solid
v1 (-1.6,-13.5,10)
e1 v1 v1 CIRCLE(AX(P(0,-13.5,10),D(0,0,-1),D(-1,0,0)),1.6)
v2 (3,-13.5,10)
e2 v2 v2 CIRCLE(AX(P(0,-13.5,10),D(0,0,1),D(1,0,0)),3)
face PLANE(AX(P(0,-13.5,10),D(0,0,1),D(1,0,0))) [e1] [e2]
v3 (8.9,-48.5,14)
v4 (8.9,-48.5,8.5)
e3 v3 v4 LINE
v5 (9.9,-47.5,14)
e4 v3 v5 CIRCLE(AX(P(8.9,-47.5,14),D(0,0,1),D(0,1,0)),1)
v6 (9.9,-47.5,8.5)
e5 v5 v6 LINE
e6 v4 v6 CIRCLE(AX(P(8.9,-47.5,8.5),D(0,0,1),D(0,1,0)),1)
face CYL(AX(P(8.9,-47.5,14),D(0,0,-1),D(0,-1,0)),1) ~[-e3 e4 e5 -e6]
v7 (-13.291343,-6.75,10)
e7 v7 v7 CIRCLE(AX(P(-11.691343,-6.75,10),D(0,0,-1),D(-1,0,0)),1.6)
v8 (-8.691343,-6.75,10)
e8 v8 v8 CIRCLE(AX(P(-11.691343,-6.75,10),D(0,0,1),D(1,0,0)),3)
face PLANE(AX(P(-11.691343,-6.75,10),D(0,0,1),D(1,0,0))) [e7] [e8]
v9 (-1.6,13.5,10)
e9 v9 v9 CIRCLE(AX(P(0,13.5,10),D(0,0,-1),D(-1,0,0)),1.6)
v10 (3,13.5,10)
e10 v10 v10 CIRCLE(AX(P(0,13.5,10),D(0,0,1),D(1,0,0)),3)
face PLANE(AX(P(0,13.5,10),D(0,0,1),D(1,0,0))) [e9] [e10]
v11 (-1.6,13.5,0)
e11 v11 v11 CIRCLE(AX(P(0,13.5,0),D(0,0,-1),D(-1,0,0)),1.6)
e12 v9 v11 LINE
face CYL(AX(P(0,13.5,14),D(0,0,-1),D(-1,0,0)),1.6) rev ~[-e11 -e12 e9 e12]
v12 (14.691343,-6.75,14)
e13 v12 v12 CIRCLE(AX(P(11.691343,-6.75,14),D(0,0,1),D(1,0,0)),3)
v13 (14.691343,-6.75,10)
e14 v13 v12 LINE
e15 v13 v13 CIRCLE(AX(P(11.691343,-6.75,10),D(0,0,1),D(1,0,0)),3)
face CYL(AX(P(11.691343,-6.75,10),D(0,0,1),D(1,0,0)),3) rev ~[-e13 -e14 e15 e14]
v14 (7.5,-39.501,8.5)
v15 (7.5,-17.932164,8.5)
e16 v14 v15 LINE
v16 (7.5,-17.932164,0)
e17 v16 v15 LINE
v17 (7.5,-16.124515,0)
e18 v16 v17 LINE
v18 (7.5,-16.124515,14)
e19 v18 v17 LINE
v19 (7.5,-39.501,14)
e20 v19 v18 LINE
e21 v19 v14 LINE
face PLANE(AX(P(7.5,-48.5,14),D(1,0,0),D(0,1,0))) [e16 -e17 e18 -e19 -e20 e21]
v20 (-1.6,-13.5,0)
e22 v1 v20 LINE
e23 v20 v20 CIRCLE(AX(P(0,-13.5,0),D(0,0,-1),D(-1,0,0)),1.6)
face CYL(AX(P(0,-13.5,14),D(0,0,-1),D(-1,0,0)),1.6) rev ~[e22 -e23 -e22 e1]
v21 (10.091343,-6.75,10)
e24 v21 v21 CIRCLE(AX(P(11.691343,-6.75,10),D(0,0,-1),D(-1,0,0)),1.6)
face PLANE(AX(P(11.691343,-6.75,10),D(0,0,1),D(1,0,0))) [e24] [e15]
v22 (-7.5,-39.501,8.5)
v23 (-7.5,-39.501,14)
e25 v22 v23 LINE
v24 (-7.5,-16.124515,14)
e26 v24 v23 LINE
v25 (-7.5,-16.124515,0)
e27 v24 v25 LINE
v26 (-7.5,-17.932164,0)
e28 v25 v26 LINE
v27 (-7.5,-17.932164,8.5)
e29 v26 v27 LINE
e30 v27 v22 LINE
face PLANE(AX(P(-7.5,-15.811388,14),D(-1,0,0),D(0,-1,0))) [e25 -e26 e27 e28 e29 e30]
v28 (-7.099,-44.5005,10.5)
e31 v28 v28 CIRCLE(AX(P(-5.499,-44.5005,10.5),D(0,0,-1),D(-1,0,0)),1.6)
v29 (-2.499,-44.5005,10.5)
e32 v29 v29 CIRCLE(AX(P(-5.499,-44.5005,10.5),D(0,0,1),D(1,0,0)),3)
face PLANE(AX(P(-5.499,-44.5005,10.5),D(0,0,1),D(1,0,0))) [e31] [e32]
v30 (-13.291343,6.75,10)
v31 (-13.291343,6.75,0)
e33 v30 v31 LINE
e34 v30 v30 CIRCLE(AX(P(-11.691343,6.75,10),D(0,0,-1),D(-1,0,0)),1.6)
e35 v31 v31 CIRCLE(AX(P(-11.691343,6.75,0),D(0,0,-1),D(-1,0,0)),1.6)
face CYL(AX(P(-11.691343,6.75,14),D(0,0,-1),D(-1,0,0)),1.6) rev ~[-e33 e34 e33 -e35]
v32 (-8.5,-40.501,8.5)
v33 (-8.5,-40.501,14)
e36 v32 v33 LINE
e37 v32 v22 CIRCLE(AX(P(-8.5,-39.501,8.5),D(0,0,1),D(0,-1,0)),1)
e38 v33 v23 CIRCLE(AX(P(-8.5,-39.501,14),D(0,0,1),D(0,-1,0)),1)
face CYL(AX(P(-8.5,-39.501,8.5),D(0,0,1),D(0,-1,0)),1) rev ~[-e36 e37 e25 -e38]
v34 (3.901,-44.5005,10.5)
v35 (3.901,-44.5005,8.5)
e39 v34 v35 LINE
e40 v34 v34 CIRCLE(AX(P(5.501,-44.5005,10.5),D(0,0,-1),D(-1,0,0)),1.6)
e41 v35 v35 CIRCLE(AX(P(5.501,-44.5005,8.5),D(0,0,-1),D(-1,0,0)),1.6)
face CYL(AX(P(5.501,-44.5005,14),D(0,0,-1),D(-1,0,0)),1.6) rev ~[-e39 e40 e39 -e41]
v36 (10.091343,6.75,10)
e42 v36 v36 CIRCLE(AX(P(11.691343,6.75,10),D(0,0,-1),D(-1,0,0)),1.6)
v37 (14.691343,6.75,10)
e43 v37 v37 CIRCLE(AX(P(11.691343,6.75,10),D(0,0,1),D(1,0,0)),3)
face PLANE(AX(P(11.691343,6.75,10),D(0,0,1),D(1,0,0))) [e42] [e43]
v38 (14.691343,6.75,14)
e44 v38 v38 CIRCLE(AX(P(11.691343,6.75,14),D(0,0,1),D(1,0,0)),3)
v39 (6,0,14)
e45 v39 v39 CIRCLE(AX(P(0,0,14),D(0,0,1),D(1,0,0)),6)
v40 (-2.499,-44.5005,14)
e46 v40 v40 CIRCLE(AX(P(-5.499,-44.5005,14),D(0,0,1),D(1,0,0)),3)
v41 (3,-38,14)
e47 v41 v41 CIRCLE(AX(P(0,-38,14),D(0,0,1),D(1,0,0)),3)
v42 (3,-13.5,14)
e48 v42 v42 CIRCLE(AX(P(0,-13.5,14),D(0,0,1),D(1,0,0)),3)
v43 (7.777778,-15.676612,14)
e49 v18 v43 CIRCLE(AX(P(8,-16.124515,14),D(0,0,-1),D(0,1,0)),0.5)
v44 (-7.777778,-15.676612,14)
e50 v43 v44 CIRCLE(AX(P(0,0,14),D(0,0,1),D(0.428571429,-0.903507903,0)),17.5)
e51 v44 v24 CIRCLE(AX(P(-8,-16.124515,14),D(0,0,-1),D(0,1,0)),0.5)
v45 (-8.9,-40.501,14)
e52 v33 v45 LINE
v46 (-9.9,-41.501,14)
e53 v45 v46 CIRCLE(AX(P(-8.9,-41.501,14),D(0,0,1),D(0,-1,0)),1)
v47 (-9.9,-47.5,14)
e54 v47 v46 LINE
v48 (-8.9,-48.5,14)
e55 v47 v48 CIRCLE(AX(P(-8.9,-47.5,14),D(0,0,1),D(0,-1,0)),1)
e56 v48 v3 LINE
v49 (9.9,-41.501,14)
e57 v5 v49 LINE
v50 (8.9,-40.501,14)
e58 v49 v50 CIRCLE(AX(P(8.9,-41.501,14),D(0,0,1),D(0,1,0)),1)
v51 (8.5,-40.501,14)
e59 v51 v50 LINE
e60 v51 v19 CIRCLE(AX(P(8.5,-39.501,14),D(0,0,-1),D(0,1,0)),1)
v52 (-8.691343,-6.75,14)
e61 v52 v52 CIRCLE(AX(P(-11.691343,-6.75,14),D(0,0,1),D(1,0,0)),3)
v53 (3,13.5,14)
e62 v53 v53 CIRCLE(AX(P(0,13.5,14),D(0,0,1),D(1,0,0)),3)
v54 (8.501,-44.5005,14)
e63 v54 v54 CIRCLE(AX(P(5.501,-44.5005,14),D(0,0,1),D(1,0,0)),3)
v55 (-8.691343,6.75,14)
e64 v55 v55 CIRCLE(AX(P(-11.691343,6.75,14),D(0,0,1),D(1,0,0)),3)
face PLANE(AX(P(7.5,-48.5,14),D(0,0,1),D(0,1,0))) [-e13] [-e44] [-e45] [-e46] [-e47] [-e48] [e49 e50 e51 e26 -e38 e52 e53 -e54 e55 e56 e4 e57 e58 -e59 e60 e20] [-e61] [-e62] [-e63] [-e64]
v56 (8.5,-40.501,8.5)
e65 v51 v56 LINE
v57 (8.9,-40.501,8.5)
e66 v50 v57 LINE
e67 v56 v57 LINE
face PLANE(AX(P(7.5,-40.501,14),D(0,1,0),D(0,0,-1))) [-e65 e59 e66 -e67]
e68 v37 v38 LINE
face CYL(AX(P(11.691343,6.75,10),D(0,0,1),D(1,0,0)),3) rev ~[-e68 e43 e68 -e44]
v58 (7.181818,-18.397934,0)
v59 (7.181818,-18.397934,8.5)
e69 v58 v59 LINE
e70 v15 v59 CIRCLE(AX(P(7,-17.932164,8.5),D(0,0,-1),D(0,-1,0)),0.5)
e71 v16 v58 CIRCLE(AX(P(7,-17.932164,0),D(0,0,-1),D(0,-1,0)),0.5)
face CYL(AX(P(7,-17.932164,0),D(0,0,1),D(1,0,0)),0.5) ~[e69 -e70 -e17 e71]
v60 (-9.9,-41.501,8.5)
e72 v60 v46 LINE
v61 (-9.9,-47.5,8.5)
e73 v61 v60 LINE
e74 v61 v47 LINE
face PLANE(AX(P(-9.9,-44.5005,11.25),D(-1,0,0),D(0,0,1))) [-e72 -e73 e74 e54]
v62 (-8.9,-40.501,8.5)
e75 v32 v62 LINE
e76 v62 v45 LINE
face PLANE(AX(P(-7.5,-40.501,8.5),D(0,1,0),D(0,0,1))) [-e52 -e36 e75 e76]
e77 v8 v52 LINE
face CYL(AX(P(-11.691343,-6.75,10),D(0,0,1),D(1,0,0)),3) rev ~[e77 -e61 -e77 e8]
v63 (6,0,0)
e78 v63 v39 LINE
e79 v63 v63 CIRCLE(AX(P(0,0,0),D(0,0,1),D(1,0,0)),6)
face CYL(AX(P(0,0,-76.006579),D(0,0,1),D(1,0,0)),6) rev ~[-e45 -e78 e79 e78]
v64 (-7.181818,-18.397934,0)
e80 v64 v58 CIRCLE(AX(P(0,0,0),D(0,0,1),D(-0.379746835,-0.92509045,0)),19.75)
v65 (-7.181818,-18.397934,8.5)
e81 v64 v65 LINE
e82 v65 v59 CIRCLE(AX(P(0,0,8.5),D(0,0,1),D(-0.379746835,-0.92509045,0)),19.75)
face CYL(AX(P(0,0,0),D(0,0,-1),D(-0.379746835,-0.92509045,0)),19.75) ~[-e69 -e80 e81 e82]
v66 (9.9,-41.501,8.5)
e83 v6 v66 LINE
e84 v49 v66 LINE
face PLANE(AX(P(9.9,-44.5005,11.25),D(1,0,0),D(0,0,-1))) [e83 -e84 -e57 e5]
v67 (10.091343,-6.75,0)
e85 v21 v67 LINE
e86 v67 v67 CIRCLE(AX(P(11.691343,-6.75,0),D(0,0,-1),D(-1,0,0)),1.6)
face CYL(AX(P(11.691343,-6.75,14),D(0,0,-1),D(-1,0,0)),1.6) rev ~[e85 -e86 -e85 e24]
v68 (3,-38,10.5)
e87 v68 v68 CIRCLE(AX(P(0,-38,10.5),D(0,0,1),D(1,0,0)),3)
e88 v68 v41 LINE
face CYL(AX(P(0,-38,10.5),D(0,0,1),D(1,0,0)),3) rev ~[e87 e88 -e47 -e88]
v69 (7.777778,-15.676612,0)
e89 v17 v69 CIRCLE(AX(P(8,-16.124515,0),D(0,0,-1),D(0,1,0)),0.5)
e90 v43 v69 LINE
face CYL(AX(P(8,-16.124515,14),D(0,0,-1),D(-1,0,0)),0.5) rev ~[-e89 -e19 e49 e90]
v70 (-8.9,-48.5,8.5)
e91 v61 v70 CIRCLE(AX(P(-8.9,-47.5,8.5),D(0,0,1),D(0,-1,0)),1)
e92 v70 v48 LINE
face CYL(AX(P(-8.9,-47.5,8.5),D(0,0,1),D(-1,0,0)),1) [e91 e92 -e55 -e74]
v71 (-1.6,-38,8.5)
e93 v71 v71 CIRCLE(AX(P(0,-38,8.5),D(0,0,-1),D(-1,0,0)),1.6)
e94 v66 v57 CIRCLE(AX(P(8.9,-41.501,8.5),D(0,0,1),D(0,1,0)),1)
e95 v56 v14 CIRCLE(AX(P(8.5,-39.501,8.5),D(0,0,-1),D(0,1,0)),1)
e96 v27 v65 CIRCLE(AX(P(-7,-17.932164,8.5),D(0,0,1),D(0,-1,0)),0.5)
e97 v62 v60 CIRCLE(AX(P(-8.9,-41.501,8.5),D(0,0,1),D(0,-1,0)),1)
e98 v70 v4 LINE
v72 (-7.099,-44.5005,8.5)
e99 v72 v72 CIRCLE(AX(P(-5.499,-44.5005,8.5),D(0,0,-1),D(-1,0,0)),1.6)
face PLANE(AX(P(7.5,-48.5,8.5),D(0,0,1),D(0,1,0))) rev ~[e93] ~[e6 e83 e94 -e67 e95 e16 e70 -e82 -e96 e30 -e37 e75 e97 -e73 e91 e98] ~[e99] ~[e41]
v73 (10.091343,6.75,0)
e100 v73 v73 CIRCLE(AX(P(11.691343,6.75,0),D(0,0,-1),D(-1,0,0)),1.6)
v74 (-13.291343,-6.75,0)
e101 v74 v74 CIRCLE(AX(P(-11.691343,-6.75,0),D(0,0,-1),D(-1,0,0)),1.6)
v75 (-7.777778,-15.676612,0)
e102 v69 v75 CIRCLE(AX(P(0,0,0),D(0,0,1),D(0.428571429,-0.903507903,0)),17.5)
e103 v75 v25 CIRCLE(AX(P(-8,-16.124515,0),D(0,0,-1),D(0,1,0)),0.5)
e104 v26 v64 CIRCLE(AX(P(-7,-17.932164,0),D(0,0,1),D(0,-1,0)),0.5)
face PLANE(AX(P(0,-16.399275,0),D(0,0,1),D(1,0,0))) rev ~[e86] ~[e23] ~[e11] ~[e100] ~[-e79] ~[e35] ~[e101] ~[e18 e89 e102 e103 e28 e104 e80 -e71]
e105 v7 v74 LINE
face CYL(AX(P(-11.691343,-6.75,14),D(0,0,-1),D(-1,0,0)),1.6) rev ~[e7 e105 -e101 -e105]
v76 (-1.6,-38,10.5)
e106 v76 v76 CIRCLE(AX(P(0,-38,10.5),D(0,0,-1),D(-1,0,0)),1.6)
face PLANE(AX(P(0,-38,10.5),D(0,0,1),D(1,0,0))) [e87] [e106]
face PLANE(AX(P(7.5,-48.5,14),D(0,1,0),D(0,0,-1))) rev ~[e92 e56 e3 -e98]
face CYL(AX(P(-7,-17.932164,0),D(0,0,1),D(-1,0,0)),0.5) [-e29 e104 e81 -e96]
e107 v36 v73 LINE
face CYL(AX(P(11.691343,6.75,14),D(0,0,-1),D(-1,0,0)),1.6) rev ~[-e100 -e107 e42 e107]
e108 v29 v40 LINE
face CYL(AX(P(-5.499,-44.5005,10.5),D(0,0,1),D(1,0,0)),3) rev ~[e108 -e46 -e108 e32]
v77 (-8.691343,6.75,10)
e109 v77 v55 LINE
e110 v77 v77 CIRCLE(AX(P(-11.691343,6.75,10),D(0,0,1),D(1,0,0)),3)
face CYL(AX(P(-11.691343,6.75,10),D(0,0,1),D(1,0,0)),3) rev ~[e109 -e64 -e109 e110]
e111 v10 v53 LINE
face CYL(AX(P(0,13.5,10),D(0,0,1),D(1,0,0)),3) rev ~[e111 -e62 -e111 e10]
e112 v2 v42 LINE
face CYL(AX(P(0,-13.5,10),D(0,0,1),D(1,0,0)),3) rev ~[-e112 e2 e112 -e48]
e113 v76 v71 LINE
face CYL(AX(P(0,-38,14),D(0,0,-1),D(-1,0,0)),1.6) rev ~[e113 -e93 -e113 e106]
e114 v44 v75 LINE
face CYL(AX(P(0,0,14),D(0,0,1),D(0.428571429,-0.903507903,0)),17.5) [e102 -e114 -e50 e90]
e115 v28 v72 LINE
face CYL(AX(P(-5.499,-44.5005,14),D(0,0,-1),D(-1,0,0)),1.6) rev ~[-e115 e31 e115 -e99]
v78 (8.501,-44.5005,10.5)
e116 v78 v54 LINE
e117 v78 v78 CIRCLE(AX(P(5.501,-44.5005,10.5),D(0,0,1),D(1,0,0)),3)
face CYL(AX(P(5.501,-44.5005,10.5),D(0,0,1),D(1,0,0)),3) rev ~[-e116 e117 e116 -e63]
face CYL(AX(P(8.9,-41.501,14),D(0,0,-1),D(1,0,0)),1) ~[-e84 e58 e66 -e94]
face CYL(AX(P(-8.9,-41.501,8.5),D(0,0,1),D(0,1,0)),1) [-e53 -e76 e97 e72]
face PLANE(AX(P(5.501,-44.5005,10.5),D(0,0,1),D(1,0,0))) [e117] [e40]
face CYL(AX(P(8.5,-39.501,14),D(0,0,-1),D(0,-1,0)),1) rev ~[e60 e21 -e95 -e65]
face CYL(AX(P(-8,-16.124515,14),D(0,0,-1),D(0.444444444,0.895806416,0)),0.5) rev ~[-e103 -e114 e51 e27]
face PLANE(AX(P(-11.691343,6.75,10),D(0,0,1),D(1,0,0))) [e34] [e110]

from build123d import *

# Parameters (mm, degrees)
EXTRUDE_1_DEPTH              = 14
CUT_EXTRUDE_1_DEPTH          = 8.5
SKETCH_3_W                   = 5.5
SKETCH_3_H                   = 7.999
EXTRUDE_2_DEPTH              = 2.4
SKETCH_4_W                   = 5.5
SKETCH_4_H                   = 7.999
EXTRUDE_3_DEPTH              = 2.4
HOLE_WIZARD_12_0_12_1_D      = 12
HOLE_WIZARD_M3_1_D           = 3.2
HOLE_WIZARD_M3_1_CBORE_D     = 6
HOLE_WIZARD_M3_1_CBORE_DEPTH = 4
HOLE_WIZARD_M3_2_D           = 3.2
HOLE_WIZARD_M3_2_DEPTH       = 14
HOLE_WIZARD_M3_2_CBORE_D     = 6
HOLE_WIZARD_M3_2_CBORE_DEPTH = 3.5
FILLET_1_R                   = 0.5
FILLET_2_R                   = 1


with BuildPart() as part:
    # 草图1 → 凸台-拉伸1 (new body)
    with BuildSketch(Plane.XY.offset(14)):
        with BuildLine():
            Line((-7.5, -15.811388301), (-7.5, -48.5))
            Line((-7.5, -48.5), (7.5, -48.5))
            Line((7.5, -48.5), (7.5, -15.811388301))
            ThreePointArc((7.5, -15.811388301), (0, 17.5), (-7.5, -15.811388301))
        make_face()
    extrude(amount=-EXTRUDE_1_DEPTH)

    # 草图2 → 切除-拉伸1 (cut)
    with BuildSketch(Plane(origin=(0, 0, 0), x_dir=(-1, 0, 0), z_dir=(0, 0, -1))):
        with BuildLine():
            Line((7.5, -48.5), (7.5, -18.270536391))
            ThreePointArc((7.5, -18.270536391), (0, -19.75), (-7.5, -18.270536391))
            Line((-7.5, -18.270536391), (-7.5, -48.5))
            Line((-7.5, -48.5), (7.5, -48.5))
        make_face()
    extrude(amount=-CUT_EXTRUDE_1_DEPTH, mode=Mode.SUBTRACT)

    # 草图3 → 凸台-拉伸2 (add)
    with BuildSketch(Plane.ZY.offset(7.5)):
        with Locations((11.25, -44.5005)):
            Rectangle(SKETCH_3_W, SKETCH_3_H)
    extrude(amount=EXTRUDE_2_DEPTH)

    # 草图4 → 凸台-拉伸3 (add)
    with BuildSketch(Plane(origin=(7.5, 0, 0), x_dir=(0, 0, -1), z_dir=(1, 0, 0))):
        with Locations((-11.25, -44.5005)):
            Rectangle(SKETCH_4_W, SKETCH_4_H)
    extrude(amount=EXTRUDE_3_DEPTH)

    # Ø12.0 (12) 直径孔1 (through all)
    with Locations(Plane(origin=(0, 0, 0), x_dir=(-1, 0, 0), z_dir=(0, 0, -1))):
        with Locations((0, 0)):
            Hole(HOLE_WIZARD_12_0_12_1_D / 2)

    # M3 六角头机械螺钉的柱形沉头孔1 (through all)
    with Locations(Plane.XY.offset(14)):
        with Locations((0, 13.5), (11.691342951, 6.75), (11.691342951, -6.75), (0, -13.5), (-11.691342951, -6.75), (-11.691342951, 6.75)):
            CounterBoreHole(HOLE_WIZARD_M3_1_D / 2, HOLE_WIZARD_M3_1_CBORE_D / 2, HOLE_WIZARD_M3_1_CBORE_DEPTH)

    # M3 六角头机械螺钉的柱形沉头孔2
    with Locations(Plane.XY.offset(14)):
        with Locations((0, -38), (5.501, -44.5005), (-5.499, -44.5005)):
            CounterBoreHole(HOLE_WIZARD_M3_2_D / 2, HOLE_WIZARD_M3_2_CBORE_D / 2, HOLE_WIZARD_M3_2_CBORE_DEPTH, depth=HOLE_WIZARD_M3_2_DEPTH)

    # 圆角1
    fillet_1_edges = [part.edges().sort_by_distance(p)[0] for p in [
        (7.5, -18.270536391, 4.25),
        (-7.5, -18.270536391, 4.25),
        (7.5, -15.811388301, 7),
        (-7.5, -15.811388301, 7),
    ]]
    fillet(fillet_1_edges, radius=FILLET_1_R)

    # 圆角2
    fillet_2_edges = [part.edges().sort_by_distance(p)[0] for p in [
        (-7.5, -40.501, 11.25),
        (-9.9, -40.501, 11.25),
        (-9.9, -48.5, 11.25),
        (7.5, -40.501, 11.25),
        (9.9, -40.501, 11.25),
        (9.9, -48.5, 11.25),
    ]]
    fillet(fillet_2_edges, radius=FILLET_2_R)


solid = part.part
